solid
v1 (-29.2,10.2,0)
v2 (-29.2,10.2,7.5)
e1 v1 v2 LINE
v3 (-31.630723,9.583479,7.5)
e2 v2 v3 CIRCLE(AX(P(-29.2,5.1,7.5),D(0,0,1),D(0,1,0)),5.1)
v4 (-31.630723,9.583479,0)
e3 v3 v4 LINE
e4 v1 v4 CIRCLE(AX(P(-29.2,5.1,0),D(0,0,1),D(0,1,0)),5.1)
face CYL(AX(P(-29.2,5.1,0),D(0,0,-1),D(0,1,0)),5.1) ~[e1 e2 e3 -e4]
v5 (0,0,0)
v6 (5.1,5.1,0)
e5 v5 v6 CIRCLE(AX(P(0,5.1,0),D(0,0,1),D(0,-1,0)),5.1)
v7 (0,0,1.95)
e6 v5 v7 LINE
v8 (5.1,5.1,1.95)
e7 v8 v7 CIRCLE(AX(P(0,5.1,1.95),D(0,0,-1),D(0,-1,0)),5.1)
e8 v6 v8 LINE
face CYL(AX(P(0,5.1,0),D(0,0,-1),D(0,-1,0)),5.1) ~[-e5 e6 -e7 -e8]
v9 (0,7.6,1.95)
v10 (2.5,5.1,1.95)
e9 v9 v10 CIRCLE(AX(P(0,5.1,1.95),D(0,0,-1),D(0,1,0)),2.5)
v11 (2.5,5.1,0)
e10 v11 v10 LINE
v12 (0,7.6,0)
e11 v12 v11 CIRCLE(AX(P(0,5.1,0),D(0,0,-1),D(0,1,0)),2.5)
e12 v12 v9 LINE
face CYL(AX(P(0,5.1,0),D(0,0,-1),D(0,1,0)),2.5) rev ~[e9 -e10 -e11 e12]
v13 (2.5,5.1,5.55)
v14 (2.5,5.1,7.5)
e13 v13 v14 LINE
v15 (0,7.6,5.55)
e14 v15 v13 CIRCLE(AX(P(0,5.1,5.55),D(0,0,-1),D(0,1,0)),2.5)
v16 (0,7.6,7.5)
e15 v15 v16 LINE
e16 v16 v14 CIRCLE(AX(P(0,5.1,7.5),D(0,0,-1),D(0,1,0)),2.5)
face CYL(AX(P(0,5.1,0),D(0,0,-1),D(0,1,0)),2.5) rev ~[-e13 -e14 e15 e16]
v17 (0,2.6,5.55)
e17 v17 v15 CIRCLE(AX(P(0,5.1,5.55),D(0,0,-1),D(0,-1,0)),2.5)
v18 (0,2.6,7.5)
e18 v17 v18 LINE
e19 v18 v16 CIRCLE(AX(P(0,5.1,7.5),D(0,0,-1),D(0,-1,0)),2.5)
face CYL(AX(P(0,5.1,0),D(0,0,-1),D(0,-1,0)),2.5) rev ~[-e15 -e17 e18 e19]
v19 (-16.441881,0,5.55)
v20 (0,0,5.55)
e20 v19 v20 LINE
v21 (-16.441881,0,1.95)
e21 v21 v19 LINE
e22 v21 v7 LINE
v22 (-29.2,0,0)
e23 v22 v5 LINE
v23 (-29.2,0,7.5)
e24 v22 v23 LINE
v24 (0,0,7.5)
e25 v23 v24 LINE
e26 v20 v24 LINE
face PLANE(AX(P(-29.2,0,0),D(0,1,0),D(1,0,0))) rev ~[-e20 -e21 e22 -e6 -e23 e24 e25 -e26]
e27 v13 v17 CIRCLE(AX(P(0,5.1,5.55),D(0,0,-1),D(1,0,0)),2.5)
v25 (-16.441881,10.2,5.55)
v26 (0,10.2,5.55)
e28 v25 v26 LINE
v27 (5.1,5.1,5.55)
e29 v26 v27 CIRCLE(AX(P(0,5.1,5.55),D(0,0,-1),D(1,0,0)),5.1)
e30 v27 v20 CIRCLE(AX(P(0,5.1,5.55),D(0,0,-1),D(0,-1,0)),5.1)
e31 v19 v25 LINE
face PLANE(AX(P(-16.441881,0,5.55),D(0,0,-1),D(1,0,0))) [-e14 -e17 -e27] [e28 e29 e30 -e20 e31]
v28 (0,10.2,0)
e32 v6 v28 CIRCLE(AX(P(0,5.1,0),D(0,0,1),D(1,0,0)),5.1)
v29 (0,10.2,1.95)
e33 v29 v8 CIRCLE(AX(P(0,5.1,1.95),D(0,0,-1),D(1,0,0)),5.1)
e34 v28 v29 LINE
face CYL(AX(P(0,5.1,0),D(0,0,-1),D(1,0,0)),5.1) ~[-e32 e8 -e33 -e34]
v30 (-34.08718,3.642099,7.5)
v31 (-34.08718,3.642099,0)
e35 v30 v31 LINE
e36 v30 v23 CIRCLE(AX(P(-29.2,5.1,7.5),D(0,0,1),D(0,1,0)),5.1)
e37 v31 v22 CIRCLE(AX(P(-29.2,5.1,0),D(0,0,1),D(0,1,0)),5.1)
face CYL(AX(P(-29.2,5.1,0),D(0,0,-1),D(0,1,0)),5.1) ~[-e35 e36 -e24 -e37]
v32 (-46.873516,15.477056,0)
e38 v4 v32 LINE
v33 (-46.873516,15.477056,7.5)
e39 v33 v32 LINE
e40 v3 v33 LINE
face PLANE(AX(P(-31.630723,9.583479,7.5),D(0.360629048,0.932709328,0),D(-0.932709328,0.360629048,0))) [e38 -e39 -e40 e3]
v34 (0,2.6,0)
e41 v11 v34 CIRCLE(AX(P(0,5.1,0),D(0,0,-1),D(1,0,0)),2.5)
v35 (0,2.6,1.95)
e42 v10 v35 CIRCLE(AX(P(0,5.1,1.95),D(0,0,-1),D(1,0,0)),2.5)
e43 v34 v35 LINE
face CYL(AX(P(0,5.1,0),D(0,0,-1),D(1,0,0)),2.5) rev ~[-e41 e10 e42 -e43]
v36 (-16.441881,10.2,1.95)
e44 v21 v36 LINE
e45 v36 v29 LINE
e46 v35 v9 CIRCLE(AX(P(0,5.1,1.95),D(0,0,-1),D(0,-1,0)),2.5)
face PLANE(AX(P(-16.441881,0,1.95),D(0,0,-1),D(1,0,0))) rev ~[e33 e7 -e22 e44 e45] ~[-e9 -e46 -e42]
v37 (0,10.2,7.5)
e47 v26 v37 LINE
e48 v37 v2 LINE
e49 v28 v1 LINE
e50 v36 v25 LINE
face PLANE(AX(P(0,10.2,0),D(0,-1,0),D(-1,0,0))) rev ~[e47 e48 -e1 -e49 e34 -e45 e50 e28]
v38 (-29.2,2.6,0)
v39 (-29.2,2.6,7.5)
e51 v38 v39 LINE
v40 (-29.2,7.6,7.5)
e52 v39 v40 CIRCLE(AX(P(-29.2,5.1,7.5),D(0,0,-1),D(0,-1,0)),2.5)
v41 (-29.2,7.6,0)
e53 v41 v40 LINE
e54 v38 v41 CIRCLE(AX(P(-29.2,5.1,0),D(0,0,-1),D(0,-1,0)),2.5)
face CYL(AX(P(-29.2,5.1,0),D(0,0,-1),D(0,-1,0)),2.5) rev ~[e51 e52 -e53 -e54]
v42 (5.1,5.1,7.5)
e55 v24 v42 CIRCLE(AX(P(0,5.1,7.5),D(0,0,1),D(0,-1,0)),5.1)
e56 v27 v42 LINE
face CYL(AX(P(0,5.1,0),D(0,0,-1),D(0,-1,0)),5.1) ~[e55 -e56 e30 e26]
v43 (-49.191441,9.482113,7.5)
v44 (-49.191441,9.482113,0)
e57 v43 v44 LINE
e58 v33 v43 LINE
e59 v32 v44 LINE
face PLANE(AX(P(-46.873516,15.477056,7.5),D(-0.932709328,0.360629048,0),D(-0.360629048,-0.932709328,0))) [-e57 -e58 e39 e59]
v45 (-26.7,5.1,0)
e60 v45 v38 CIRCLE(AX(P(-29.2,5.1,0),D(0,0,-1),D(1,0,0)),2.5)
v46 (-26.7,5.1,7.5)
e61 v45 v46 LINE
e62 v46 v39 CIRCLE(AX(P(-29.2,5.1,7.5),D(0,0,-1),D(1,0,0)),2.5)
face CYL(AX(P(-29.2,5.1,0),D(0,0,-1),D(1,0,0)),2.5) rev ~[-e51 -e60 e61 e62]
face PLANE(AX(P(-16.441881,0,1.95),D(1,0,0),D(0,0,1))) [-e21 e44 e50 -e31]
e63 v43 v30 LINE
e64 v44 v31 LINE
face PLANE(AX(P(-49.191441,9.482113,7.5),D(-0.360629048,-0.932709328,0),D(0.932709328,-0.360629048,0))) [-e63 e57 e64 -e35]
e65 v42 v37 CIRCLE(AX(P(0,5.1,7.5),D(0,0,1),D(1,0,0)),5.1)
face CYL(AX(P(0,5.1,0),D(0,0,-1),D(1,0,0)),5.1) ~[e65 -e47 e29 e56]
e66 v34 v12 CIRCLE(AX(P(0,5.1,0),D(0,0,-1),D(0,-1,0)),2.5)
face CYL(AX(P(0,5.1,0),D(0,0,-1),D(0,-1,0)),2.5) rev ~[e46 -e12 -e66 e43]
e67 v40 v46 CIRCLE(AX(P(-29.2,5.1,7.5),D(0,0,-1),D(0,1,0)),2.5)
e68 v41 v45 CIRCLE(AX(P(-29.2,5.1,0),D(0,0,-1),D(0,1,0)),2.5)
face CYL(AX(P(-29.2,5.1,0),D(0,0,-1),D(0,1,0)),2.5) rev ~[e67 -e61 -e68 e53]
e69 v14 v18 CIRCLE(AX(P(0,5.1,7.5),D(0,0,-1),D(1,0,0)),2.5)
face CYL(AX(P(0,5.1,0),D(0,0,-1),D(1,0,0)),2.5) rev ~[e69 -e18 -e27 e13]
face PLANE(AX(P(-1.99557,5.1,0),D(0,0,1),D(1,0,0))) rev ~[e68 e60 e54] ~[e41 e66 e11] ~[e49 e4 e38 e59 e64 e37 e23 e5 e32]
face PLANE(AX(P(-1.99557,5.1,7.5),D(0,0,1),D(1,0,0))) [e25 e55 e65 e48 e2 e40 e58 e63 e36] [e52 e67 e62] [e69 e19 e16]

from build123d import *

# Parameters (mm, degrees)
F1_DEPTH = 7.5
F2_W     = 28.4275773028
F2_H     = 3.6
F3_DEPTH = 10.201
F5_DEPTH = 7.5


with BuildPart() as f1:
    # F0 (on Top) → F1 (new body)
    with BuildSketch(Plane.XY):
        with BuildLine():
            ThreePointArc((0, 10.2), (-5.1, 5.1), (0, 0))
            Line((0, 0), (0, 2.6))
            ThreePointArc((0, 2.6), (-2.5, 5.1), (0, 7.6))
            Line((0, 7.6), (0, 10.2))
        make_face()
        with BuildLine():
            Line((-29.2, 0), (0, 0))
            ThreePointArc((0, 0), (-5.1, 5.1), (0, 10.2))
            Line((0, 10.2), (-29.2, 10.2))
            ThreePointArc((-29.2, 10.2), (-25.5937554159, 8.7062445841), (-24.1, 5.1))
            ThreePointArc((-24.1, 5.1), (-25.5937554159, 1.4937554159), (-29.2, 0))
        make_face()
        with BuildLine():
            Line((0, 2.6), (0, 0))
            ThreePointArc((0, 0), (3.6062445841, 1.4937554159), (5.1, 5.1))
            ThreePointArc((5.1, 5.1), (3.6062445841, 8.7062445841), (0, 10.2))
            Line((0, 10.2), (0, 7.6))
            ThreePointArc((0, 7.6), (1.767766953, 6.867766953), (2.5, 5.1))
            ThreePointArc((2.5, 5.1), (1.767766953, 3.332233047), (0, 2.6))
        make_face()
        with BuildLine():
            ThreePointArc((-29.2, 10.2), (-34.3, 5.1), (-29.2, 0))
            Line((-29.2, 0), (-29.2, 2.6))
            ThreePointArc((-29.2, 2.6), (-31.7, 5.1), (-29.2, 7.6))
            Line((-29.2, 7.6), (-29.2, 10.2))
        make_face()
        with BuildLine():
            Line((-29.2, 2.6), (-29.2, 0))
            ThreePointArc((-29.2, 0), (-25.5937554159, 1.4937554159), (-24.1, 5.1))
            ThreePointArc((-24.1, 5.1), (-25.5937554159, 8.7062445841), (-29.2, 10.2))
            Line((-29.2, 10.2), (-29.2, 7.6))
            ThreePointArc((-29.2, 7.6), (-27.432233047, 6.867766953), (-26.7, 5.1))
            ThreePointArc((-26.7, 5.1), (-27.432233047, 3.332233047), (-29.2, 2.6))
        make_face()
    extrude(amount=F1_DEPTH)

    # F2 (on face) → F3 (cut, through all)
    with BuildSketch(Plane.XZ):
        with Locations((-2.2280919366, 3.75)):
            Rectangle(F2_W, F2_H)
    extrude(amount=-F3_DEPTH, mode=Mode.SUBTRACT)

    # F4 (on face) → F5 (join)
    with BuildSketch(Plane.XY.offset(7.5)):
        with BuildLine():
            ThreePointArc((-34.0871795985, 3.6420989157), (-33.913058879, 7.0486087353), (-31.6307227456, 9.5834793335))
            Line((-31.6307227456, 9.5834793335), (-46.8735157819, 15.4770560035))
            Line((-46.8735157819, 15.4770560035), (-49.1914411807, 9.4821128467))
            Line((-49.1914411807, 9.4821128467), (-34.0871795985, 3.6420989157))
        make_face()
    extrude(amount=-F5_DEPTH)


solid = f1.part
